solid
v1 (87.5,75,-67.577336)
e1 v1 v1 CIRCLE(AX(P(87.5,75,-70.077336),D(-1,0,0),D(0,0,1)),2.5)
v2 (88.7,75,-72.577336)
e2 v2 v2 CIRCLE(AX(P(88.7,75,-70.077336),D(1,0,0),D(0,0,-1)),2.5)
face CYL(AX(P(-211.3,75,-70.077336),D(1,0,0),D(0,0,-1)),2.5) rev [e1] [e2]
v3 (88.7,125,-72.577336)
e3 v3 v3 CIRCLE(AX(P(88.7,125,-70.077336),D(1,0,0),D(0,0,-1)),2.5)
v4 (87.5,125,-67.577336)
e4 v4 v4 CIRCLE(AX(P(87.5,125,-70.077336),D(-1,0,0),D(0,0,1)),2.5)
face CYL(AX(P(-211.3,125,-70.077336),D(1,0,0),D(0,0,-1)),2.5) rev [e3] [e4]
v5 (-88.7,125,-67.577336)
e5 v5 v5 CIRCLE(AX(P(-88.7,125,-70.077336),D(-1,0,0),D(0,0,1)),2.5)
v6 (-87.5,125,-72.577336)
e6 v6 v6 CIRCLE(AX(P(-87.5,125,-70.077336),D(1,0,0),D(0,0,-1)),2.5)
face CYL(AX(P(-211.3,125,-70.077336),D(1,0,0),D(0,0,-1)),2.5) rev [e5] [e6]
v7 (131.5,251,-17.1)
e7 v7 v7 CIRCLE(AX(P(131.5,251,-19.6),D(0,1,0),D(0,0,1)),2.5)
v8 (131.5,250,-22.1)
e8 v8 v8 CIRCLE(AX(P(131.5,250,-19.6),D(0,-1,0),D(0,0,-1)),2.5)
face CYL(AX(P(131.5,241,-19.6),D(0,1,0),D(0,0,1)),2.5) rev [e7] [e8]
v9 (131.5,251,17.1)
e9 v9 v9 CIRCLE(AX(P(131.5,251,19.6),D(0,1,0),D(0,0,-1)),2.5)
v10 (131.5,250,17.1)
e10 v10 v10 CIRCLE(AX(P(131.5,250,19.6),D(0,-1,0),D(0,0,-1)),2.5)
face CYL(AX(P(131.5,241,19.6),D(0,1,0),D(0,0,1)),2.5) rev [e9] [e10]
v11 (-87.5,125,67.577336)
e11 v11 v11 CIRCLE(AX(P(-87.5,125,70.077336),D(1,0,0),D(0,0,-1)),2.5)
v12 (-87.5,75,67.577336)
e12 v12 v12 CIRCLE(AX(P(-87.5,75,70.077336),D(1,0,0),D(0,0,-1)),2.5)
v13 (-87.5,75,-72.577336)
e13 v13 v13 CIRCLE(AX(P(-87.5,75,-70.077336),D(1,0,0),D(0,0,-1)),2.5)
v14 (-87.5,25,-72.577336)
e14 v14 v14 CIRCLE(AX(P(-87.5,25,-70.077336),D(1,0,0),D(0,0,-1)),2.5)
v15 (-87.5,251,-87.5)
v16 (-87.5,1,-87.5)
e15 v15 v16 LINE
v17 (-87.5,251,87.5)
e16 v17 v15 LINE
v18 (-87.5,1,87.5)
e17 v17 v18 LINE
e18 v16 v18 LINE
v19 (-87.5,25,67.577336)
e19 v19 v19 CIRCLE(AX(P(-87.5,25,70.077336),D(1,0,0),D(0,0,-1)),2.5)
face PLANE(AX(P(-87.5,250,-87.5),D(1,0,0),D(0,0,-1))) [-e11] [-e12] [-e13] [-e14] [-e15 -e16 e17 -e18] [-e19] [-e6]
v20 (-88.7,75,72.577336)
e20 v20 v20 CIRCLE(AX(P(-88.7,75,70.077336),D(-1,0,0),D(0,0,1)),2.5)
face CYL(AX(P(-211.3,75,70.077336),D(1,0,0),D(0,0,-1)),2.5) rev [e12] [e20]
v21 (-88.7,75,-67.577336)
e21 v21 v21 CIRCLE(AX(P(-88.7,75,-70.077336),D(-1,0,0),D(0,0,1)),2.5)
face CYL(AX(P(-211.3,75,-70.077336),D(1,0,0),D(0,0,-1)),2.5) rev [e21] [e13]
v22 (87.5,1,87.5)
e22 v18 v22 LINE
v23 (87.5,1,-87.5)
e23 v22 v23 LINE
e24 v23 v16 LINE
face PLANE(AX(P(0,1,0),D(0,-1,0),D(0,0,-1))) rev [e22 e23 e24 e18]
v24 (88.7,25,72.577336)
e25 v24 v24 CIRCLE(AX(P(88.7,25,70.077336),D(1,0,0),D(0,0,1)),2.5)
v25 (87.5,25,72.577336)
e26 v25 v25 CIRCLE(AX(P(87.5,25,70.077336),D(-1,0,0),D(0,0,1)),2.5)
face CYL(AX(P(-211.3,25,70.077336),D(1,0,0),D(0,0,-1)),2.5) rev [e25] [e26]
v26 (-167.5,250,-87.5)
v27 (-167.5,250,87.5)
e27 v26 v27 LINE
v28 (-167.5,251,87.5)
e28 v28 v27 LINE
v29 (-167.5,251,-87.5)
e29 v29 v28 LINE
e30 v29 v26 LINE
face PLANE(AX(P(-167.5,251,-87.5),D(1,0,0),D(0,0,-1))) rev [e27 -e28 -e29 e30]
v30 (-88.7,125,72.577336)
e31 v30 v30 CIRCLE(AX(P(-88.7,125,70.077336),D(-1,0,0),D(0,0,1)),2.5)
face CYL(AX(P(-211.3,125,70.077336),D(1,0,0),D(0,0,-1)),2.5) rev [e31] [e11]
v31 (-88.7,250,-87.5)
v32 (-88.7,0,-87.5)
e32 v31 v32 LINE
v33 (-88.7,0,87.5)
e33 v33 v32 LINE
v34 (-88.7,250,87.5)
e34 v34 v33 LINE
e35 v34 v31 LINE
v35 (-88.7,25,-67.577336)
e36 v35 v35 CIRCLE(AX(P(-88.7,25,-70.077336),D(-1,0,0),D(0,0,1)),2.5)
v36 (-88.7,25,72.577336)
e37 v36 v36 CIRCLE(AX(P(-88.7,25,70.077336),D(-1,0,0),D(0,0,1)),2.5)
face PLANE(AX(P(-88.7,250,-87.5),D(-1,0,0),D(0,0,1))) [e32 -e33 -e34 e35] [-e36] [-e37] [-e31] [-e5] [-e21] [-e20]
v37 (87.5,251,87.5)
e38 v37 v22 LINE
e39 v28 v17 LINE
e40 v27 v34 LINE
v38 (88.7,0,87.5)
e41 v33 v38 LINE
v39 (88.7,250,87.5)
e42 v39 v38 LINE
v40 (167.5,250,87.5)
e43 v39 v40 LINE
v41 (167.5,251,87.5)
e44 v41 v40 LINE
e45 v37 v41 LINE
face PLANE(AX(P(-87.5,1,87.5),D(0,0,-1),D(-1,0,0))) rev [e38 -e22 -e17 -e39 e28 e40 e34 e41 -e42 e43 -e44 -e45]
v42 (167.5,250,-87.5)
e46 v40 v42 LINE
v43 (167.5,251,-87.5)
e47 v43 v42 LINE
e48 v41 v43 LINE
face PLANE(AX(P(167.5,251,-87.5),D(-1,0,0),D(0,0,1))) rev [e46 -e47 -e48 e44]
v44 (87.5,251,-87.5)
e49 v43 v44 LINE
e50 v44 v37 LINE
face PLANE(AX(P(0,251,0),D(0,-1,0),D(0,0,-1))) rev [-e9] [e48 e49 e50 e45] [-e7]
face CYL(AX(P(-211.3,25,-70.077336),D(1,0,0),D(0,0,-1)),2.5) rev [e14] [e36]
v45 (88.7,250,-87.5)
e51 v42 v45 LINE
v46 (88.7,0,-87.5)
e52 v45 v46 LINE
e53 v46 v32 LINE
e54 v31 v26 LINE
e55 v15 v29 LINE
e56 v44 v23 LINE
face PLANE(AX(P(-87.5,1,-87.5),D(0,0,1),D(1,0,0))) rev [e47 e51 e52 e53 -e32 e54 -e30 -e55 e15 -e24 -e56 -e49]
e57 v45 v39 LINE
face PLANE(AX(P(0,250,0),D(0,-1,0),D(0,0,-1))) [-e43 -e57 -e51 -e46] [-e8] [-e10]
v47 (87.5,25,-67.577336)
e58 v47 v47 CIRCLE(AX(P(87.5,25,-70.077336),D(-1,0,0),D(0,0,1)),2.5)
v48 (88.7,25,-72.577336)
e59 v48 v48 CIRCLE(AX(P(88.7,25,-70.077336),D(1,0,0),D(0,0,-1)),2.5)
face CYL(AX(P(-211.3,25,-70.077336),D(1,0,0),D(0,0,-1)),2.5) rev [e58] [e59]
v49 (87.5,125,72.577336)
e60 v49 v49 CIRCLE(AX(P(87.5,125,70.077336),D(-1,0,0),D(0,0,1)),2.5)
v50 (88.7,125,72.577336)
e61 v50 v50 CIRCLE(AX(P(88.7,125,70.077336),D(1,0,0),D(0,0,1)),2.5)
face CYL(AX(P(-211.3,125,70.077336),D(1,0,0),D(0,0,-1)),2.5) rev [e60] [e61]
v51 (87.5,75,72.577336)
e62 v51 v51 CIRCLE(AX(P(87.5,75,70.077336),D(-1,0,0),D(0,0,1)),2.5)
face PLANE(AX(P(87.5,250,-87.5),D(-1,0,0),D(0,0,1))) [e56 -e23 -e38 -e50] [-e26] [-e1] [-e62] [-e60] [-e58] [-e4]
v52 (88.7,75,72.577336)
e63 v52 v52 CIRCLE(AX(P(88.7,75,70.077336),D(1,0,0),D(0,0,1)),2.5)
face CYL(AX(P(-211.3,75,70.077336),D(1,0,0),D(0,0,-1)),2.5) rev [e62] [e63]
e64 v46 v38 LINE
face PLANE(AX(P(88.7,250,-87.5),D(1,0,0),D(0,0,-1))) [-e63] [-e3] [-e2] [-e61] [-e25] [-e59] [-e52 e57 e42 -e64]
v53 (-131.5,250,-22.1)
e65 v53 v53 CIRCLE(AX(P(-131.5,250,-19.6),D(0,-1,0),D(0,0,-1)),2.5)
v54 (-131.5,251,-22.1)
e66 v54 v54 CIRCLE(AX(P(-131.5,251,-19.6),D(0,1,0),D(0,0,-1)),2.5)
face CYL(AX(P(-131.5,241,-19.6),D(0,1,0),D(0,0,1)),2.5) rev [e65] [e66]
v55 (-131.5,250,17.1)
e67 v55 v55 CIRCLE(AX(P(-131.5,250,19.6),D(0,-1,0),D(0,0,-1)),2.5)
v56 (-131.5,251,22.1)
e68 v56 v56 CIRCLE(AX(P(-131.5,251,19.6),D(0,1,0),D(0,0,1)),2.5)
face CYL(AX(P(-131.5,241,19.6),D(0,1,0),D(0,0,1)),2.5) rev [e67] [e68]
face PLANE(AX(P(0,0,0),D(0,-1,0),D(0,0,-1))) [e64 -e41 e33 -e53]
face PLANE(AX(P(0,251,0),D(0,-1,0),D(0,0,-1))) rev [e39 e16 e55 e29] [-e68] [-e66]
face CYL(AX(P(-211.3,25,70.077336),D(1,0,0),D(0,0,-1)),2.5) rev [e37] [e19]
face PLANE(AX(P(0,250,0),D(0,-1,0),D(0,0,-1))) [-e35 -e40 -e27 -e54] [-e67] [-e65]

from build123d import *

# Parameters (mm, degrees)
SKETCH1_W           = 175
SKETCH1_H           = 175
BOSS_EXTRUDE1_DEPTH = 1
SKETCH2_W           = 1.2
SKETCH2_H           = 175
BOSS_EXTRUDE2_DEPTH = 250
SKETCH3_W           = 80
SKETCH3_H           = 175
BOSS_EXTRUDE3_DEPTH = 1
SKETCH4_R           = 2.5
CUT_EXTRUDE1_DEPTH  = 10
SKETCH6_R           = 2.5
CUT_EXTRUDE2_DEPTH  = 300


with BuildPart() as part:
    # Sketch1 → Boss-Extrude1 (new body)
    with BuildSketch(Plane(origin=(0, 0, 0), x_dir=(1, 0, 0), z_dir=(0, 1, 0))):
        Rectangle(SKETCH1_W, SKETCH1_H)
    extrude(amount=BOSS_EXTRUDE1_DEPTH)

    # Sketch2 → Boss-Extrude2 (add)
    with BuildSketch(Plane.XZ):
        with Locations((-88.1, 0)):
            Rectangle(SKETCH2_W, SKETCH2_H)
        with Locations((88.1, 0)):
            Rectangle(SKETCH2_W, SKETCH2_H)
    extrude(amount=-BOSS_EXTRUDE2_DEPTH)

    # Sketch3 → Boss-Extrude3 (add)
    with BuildSketch(Plane(origin=(0, 250, 0), x_dir=(1, 0, 0), z_dir=(0, 1, 0))):
        with Locations((-127.5, 0)):
            Rectangle(SKETCH3_W, SKETCH3_H)
        with Locations((127.5, 0)):
            Rectangle(SKETCH3_W, SKETCH3_H)
    extrude(amount=BOSS_EXTRUDE3_DEPTH)

    # Sketch4 → Cut-Extrude1 (cut)
    with BuildSketch(Plane(origin=(0, 251, 0), x_dir=(1, 0, 0), z_dir=(0, 1, 0))):
        with Locations(Location((131.5, 19.6, 0), (0, 0, 270))):
            Circle(SKETCH4_R)
        with Locations(Location((131.5, -19.6, 0), (0, 0, 90))):
            Circle(SKETCH4_R)
        with Locations(Location((-131.5, -19.6, 0), (0, 0, 270))):
            Circle(SKETCH4_R)
        with Locations(Location((-131.5, 19.6, 0), (0, 0, 90))):
            Circle(SKETCH4_R)
    extrude(amount=-CUT_EXTRUDE1_DEPTH, mode=Mode.SUBTRACT)

    # Sketch6 → Cut-Extrude2 (cut)
    with BuildSketch(Plane(origin=(88.7, 0, 0), x_dir=(0, 0, -1), z_dir=(1, 0, 0))):
        with Locations((70.077336333, 25)):
            Circle(SKETCH6_R)
        with Locations((70.077336333, 75)):
            Circle(SKETCH6_R)
        with Locations((70.077336333, 125)):
            Circle(SKETCH6_R)
        with Locations(Location((-70.077336333, 125, 0), (0, 0, 180))):
            Circle(SKETCH6_R)
        with Locations(Location((-70.077336333, 75, 0), (0, 0, 180))):
            Circle(SKETCH6_R)
        with Locations(Location((-70.077336333, 25, 0), (0, 0, 180))):
            Circle(SKETCH6_R)
    extrude(amount=-CUT_EXTRUDE2_DEPTH, mode=Mode.SUBTRACT)


solid = part.part
